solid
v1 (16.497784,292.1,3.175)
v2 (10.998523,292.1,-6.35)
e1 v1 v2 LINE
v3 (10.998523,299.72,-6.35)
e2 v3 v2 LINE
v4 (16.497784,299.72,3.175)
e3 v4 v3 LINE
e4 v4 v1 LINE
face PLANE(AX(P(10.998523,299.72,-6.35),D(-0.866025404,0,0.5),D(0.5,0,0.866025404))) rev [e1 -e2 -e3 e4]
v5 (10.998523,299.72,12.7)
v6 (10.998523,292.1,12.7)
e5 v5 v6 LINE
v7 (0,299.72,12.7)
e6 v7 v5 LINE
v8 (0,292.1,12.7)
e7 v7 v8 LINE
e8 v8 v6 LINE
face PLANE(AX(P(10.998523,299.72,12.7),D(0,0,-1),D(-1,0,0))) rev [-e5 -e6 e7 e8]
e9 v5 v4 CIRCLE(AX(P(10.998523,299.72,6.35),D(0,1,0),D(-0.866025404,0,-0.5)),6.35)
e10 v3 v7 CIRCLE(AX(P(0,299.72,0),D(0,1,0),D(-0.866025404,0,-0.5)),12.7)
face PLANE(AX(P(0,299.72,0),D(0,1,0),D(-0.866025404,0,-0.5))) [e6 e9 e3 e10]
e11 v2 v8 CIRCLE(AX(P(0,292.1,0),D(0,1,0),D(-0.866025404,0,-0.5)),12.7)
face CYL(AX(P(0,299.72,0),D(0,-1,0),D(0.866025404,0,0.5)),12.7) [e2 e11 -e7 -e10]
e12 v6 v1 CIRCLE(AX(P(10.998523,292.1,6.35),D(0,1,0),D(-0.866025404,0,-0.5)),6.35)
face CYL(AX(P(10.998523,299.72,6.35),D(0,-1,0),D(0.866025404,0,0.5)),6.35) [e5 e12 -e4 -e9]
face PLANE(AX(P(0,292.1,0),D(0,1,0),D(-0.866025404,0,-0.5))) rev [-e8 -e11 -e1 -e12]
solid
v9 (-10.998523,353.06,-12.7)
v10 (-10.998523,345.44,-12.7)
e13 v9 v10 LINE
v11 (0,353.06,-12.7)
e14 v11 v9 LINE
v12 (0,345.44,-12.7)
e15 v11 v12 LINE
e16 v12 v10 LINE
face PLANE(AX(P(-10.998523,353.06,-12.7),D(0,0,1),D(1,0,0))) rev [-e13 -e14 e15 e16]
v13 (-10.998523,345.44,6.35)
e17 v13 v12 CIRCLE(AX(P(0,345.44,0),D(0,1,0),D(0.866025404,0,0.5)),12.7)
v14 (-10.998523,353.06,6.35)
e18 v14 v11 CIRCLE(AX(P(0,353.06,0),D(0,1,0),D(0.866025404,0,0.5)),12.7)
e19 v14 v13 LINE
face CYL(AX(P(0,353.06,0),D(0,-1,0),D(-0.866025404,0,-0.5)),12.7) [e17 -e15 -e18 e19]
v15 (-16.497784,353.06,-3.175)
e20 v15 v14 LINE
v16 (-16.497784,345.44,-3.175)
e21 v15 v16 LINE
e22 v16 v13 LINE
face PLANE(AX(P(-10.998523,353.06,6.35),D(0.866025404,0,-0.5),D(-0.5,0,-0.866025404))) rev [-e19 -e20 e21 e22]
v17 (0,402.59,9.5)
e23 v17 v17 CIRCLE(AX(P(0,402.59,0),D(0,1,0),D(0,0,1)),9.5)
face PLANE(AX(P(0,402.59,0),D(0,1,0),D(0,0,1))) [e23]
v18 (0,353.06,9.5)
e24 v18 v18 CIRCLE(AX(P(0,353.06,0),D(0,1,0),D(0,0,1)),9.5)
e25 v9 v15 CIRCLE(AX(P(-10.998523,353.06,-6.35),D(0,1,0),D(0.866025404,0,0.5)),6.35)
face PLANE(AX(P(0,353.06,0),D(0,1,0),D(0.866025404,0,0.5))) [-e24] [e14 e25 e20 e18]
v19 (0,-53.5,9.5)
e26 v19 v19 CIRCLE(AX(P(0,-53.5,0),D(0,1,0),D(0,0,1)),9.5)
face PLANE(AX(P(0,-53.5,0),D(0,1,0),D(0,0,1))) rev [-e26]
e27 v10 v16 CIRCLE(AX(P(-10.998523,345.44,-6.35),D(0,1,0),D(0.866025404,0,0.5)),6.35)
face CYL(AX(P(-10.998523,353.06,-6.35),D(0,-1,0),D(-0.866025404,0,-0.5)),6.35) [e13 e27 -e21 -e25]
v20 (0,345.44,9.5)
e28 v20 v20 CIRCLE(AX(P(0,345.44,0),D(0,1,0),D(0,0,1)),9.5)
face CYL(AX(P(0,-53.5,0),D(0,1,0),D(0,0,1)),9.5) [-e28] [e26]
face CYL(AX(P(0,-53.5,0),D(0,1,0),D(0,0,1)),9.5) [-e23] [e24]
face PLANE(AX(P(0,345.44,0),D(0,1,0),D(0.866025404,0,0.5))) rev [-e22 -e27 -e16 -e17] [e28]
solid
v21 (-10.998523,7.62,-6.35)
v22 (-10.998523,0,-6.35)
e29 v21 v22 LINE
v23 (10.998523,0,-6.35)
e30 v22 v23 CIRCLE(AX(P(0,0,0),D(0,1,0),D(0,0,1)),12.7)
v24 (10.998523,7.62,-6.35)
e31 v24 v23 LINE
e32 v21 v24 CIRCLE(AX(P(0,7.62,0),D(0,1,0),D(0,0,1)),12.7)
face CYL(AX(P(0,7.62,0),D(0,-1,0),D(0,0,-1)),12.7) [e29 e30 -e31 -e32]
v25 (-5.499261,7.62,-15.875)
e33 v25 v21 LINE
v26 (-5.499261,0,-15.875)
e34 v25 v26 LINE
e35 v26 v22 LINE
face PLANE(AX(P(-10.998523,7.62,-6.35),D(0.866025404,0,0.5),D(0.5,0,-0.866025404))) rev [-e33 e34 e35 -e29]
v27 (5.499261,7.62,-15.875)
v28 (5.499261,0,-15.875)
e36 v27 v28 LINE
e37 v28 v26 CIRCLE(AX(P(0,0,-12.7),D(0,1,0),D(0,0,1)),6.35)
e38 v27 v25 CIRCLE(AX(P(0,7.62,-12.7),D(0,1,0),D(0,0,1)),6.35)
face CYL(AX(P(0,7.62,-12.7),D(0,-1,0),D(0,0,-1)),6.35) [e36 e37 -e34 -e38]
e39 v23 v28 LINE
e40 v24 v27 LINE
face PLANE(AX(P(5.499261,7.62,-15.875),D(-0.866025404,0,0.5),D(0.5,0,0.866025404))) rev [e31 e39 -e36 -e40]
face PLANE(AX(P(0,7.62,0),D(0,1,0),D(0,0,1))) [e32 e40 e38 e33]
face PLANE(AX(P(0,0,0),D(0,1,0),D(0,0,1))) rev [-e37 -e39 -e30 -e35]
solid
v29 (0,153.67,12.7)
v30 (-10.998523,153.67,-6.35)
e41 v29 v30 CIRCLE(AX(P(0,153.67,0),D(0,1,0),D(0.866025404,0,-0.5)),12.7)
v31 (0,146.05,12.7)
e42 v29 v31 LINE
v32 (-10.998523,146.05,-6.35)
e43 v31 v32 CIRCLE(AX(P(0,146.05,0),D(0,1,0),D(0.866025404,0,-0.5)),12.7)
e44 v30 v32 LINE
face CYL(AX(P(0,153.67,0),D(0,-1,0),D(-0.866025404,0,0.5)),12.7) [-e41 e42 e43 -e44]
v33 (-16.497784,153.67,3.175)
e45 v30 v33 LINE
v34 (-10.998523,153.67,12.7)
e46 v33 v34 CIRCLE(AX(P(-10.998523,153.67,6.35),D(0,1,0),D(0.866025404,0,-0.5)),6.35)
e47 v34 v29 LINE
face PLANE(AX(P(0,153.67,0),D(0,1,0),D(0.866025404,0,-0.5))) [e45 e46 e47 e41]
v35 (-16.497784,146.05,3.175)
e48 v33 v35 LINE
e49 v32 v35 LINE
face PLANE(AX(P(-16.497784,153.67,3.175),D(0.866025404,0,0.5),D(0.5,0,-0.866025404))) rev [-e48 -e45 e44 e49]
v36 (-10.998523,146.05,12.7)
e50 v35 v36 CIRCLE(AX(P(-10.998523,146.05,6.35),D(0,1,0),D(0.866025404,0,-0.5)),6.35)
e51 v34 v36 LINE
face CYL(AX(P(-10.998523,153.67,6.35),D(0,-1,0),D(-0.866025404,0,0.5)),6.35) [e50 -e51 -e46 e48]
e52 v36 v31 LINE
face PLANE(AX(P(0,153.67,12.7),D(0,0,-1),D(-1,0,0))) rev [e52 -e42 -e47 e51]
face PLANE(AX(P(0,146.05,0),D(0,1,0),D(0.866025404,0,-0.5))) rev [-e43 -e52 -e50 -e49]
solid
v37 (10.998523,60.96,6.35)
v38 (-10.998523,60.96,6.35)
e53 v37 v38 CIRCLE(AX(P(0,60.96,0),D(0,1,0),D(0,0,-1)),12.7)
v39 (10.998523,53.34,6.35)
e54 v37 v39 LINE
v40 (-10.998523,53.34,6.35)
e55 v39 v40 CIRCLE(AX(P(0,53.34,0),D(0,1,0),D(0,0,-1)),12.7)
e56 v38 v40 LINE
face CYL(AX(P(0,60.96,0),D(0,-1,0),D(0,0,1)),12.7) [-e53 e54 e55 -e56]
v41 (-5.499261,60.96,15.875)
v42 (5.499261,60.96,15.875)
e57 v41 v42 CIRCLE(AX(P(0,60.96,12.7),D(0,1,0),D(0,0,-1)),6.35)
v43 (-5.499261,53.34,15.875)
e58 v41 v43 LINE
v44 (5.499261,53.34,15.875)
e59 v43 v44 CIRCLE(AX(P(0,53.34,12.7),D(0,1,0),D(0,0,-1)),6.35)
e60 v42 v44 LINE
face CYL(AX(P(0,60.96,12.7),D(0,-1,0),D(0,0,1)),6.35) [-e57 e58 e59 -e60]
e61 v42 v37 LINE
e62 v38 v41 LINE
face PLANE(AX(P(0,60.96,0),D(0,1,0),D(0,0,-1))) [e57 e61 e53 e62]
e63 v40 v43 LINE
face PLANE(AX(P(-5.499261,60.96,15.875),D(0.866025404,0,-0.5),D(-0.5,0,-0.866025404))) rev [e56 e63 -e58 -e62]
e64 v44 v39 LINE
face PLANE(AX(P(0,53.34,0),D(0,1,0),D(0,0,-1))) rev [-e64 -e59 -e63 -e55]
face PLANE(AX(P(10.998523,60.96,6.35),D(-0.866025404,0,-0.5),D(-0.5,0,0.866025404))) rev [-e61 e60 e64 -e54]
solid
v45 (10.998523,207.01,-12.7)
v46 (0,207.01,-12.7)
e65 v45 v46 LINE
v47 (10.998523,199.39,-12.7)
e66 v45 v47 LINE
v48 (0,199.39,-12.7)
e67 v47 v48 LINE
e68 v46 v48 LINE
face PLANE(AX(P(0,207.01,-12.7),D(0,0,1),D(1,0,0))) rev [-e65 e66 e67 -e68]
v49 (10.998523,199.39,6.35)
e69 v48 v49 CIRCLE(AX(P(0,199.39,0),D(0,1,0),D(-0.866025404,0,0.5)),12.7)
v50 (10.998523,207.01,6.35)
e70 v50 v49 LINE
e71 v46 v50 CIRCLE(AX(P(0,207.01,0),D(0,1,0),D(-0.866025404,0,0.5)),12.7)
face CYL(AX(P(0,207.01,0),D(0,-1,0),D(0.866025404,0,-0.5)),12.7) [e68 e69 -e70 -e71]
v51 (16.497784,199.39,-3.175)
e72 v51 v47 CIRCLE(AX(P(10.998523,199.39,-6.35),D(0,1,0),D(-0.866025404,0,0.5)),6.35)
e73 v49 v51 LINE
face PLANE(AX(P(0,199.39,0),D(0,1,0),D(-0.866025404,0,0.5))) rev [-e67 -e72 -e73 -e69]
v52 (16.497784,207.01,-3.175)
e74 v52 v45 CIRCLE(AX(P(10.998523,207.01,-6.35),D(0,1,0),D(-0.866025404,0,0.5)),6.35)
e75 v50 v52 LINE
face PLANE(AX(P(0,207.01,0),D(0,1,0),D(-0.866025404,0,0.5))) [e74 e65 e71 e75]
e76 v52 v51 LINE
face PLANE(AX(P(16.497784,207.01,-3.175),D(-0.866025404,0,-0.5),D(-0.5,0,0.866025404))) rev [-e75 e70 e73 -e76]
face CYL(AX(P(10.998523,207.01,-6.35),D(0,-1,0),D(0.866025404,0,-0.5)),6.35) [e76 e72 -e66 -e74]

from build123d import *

# Parameters (mm, degrees)
BOSS_EXTRUDE1_DEPTH   = 7.62
LPATTERN3_COUNT       = 2
LPATTERN3_PITCH       = 53.34
BODY_MOVE_COPY1_ANGLE = 180
LPATTERN5_COUNT       = 3
LPATTERN5_PITCH       = 146.05
BODY_MOVE_COPY2_ANGLE = 120
BODY_MOVE_COPY3_ANGLE = 120
BOSS_EXTRUDE2_START   = 49.53
SKETCH3_R             = 9.5
BOSS_EXTRUDE2_DEPTH   = 456.09


with BuildPart() as part:
    # Sketch2 → Boss-Extrude1 (new body)
    with BuildSketch(Plane(origin=(0, 0, 0), x_dir=(1, 0, 0), z_dir=(0, 1, 0))):
        with BuildLine():
            Line((-10.998522628, 6.35), (-5.499261314, 15.875))
            ThreePointArc((-5.499261314, 15.875), (0, 19.05), (5.499261314, 15.875))
            Line((5.499261314, 15.875), (10.998522628, 6.35))
            ThreePointArc((10.998522628, 6.35), (0, -12.7), (-10.998522628, 6.35))
        make_face()
    extrude(amount=BOSS_EXTRUDE1_DEPTH)


with BuildPart() as lpattern3_1:
    # LPattern3: pattern copy
    add(part.part.moved(Location(Vector(0, 1, 0) * (1 * LPATTERN3_PITCH))))


with BuildPart() as lpattern3_1_1:
    # Body-Move/Copy1: moved
    add(lpattern3_1.part.rotate(Axis((0, 0, 0), (0, 1, 0)), BODY_MOVE_COPY1_ANGLE))


with BuildPart() as lpattern5_1:
    # LPattern5: pattern copy
    add(lpattern3_1_1.part.moved(Location(Vector(0, 1, 0) * (1 * LPATTERN5_PITCH))))


with BuildPart() as lpattern5_2:
    # LPattern5: pattern copy
    add(lpattern3_1_1.part.moved(Location(Vector(0, 1, 0) * (2 * LPATTERN5_PITCH))))


with BuildPart() as lpattern5_3:
    # LPattern5: pattern copy
    add(part.part.moved(Location(Vector(0, 1, 0) * (1 * LPATTERN5_PITCH))))


with BuildPart() as lpattern5_4:
    # LPattern5: pattern copy
    add(part.part.moved(Location(Vector(0, 1, 0) * (2 * LPATTERN5_PITCH))))


with BuildPart() as lpattern5_3_1:
    # Body-Move/Copy2: moved
    add(lpattern5_3.part.rotate(Axis((0, 0, 0), (0, 1, 0)), BODY_MOVE_COPY2_ANGLE))


with BuildPart() as lpattern5_1_1:
    # Body-Move/Copy2: moved
    add(lpattern5_1.part.rotate(Axis((0, 0, 0), (0, 1, 0)), BODY_MOVE_COPY2_ANGLE))


with BuildPart() as lpattern5_4_1:
    # Body-Move/Copy3: moved
    add(lpattern5_4.part.rotate(Axis((0, 0, 0), (0, -1, 0)), BODY_MOVE_COPY3_ANGLE))


with BuildPart() as lpattern5_2_1:
    # Body-Move/Copy3: moved
    add(lpattern5_2.part.rotate(Axis((0, 0, 0), (0, -1, 0)), BODY_MOVE_COPY3_ANGLE))

    # Sketch3 → Boss-Extrude2 (add)
    with BuildSketch(Plane(origin=(0, 353.06, 0), x_dir=(1, 0, 0), z_dir=(0, 1, 0)).offset(BOSS_EXTRUDE2_START)):
        Circle(SKETCH3_R)
    extrude(amount=-BOSS_EXTRUDE2_DEPTH)


solid = Compound([part.part, lpattern3_1_1.part, lpattern5_3_1.part, lpattern5_1_1.part, lpattern5_4_1.part, lpattern5_2_1.part])
